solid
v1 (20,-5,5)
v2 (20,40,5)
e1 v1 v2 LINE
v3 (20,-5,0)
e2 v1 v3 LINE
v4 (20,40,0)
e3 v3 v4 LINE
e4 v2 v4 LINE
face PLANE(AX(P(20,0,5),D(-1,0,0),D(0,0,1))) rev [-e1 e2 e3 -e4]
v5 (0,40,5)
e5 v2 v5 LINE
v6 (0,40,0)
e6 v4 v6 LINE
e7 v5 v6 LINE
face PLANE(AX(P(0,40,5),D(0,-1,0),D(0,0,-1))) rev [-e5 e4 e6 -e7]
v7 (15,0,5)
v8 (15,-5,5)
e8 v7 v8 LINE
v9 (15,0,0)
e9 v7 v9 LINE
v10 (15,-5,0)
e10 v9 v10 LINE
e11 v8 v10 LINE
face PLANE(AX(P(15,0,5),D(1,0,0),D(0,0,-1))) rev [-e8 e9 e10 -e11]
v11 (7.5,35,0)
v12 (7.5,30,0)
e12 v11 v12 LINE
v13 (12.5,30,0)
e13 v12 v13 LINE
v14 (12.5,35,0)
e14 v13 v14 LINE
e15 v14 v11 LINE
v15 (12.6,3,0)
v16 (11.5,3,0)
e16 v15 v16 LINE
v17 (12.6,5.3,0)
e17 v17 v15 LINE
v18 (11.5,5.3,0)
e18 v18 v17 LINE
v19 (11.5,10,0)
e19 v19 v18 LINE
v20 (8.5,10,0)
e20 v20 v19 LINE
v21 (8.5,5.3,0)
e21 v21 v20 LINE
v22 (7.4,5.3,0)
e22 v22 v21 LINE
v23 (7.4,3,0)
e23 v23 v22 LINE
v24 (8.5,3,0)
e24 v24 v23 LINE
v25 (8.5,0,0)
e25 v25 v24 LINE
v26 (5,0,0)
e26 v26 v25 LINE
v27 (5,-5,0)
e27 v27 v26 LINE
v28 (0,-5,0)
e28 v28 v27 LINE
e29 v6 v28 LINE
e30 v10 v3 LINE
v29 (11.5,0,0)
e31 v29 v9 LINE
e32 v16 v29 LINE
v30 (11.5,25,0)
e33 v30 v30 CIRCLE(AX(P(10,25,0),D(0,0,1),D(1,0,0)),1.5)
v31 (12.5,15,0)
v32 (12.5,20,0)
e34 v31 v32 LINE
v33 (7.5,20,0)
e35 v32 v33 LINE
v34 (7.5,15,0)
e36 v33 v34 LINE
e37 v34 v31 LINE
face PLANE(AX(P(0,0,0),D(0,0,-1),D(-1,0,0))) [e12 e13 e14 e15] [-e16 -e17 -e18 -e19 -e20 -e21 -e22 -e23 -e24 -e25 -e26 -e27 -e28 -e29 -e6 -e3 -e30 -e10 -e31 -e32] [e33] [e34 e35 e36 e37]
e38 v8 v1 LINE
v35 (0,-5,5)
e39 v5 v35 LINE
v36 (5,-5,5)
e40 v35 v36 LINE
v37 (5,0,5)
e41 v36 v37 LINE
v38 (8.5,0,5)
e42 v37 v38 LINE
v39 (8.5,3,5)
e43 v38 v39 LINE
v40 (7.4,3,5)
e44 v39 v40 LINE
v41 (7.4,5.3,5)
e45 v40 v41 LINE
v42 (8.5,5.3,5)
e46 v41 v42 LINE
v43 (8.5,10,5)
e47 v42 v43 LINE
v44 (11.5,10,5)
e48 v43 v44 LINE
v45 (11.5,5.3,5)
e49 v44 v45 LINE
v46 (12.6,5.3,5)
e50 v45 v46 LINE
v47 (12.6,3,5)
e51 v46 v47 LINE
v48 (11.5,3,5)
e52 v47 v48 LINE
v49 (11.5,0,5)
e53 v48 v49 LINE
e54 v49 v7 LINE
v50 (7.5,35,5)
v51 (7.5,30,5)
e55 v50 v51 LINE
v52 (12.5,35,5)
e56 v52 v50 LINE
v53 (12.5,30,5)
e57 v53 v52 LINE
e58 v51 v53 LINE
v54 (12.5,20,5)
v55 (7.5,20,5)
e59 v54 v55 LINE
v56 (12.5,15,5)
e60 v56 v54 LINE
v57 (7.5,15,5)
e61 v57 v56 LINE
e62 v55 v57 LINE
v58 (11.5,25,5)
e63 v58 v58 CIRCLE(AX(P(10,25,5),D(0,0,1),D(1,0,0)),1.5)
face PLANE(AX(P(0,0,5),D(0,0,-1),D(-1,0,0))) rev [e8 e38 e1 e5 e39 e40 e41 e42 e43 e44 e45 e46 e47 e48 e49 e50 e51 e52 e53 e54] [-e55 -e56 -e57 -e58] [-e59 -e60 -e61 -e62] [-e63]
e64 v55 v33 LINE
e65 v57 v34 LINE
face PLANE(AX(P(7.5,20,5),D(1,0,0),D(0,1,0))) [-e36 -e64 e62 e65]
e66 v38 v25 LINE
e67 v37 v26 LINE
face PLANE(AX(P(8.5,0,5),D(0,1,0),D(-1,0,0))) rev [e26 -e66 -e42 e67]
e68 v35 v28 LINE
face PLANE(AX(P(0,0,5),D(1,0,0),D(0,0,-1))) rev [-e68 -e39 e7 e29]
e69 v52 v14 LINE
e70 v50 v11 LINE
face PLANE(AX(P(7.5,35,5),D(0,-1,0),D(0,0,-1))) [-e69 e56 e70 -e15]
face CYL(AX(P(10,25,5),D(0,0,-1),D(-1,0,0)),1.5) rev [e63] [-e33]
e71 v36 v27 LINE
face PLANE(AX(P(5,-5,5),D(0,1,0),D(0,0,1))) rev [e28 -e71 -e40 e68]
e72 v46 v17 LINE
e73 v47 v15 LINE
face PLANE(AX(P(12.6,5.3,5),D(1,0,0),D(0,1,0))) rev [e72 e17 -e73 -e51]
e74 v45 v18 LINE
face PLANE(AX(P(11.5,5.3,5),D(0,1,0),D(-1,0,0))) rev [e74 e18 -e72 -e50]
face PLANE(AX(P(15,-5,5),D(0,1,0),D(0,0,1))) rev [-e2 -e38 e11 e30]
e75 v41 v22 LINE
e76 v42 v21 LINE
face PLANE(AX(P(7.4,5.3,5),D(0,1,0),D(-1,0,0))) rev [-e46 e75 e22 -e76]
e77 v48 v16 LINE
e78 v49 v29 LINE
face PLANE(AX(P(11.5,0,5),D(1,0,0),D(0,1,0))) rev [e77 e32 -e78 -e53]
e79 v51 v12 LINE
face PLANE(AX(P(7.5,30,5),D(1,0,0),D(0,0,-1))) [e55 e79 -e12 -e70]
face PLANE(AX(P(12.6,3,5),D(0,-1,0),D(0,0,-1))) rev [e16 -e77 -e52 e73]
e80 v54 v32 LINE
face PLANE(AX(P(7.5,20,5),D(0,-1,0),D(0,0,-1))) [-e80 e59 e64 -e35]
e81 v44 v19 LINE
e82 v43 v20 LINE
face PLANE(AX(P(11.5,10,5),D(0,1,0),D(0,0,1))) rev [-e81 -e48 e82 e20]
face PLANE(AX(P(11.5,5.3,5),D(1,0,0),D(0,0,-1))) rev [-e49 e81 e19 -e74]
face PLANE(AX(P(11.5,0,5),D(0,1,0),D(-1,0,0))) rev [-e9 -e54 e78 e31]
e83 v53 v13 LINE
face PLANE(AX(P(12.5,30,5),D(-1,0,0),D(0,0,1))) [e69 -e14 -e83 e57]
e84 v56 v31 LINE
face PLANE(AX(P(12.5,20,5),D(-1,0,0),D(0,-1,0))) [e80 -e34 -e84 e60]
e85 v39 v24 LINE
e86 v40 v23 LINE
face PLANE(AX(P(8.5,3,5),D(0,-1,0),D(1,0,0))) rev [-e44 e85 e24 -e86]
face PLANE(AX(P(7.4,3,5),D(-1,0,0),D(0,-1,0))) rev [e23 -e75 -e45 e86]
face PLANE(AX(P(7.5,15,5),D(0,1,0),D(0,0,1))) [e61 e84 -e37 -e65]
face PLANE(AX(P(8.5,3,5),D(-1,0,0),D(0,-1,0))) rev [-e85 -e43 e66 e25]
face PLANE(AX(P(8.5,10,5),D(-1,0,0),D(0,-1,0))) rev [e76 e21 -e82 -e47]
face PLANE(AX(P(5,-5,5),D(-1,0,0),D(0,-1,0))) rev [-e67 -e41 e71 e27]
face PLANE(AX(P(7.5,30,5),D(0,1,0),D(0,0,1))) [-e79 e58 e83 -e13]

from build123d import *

# Parameters (mm, degrees)
SKETCH1_R           = 1.5
SKETCH1_W           = 5
SKETCH1_H           = 5
BOSS_EXTRUDE1_DEPTH = 5


with BuildPart() as part:
    # Sketch1 → Boss-Extrude1 (new body)
    with BuildSketch(Plane.XY):
        Polygon((0, 0), (0, 40), (20, 40), (20, 0), (20, -5), (15, -5), (15, 0), (11.5, 0), (11.5, 3), (12.6, 3), (12.6, 5.3), (11.5, 5.3), (11.5, 10), (8.5, 10), (8.5, 5.3), (7.4, 5.3), (7.4, 3), (8.5, 3), (8.5, 0), (5, 0), (5, -5), (0, -5), align=None)
        with Locations((10, 25)):
            Circle(SKETCH1_R, mode=Mode.SUBTRACT)
        with Locations((10, 17.5)):
            Rectangle(SKETCH1_W, SKETCH1_H, mode=Mode.SUBTRACT)
        with Locations((10, 32.5)):
            Rectangle(SKETCH1_W, SKETCH1_H, mode=Mode.SUBTRACT)
    extrude(amount=BOSS_EXTRUDE1_DEPTH)


solid = part.part
